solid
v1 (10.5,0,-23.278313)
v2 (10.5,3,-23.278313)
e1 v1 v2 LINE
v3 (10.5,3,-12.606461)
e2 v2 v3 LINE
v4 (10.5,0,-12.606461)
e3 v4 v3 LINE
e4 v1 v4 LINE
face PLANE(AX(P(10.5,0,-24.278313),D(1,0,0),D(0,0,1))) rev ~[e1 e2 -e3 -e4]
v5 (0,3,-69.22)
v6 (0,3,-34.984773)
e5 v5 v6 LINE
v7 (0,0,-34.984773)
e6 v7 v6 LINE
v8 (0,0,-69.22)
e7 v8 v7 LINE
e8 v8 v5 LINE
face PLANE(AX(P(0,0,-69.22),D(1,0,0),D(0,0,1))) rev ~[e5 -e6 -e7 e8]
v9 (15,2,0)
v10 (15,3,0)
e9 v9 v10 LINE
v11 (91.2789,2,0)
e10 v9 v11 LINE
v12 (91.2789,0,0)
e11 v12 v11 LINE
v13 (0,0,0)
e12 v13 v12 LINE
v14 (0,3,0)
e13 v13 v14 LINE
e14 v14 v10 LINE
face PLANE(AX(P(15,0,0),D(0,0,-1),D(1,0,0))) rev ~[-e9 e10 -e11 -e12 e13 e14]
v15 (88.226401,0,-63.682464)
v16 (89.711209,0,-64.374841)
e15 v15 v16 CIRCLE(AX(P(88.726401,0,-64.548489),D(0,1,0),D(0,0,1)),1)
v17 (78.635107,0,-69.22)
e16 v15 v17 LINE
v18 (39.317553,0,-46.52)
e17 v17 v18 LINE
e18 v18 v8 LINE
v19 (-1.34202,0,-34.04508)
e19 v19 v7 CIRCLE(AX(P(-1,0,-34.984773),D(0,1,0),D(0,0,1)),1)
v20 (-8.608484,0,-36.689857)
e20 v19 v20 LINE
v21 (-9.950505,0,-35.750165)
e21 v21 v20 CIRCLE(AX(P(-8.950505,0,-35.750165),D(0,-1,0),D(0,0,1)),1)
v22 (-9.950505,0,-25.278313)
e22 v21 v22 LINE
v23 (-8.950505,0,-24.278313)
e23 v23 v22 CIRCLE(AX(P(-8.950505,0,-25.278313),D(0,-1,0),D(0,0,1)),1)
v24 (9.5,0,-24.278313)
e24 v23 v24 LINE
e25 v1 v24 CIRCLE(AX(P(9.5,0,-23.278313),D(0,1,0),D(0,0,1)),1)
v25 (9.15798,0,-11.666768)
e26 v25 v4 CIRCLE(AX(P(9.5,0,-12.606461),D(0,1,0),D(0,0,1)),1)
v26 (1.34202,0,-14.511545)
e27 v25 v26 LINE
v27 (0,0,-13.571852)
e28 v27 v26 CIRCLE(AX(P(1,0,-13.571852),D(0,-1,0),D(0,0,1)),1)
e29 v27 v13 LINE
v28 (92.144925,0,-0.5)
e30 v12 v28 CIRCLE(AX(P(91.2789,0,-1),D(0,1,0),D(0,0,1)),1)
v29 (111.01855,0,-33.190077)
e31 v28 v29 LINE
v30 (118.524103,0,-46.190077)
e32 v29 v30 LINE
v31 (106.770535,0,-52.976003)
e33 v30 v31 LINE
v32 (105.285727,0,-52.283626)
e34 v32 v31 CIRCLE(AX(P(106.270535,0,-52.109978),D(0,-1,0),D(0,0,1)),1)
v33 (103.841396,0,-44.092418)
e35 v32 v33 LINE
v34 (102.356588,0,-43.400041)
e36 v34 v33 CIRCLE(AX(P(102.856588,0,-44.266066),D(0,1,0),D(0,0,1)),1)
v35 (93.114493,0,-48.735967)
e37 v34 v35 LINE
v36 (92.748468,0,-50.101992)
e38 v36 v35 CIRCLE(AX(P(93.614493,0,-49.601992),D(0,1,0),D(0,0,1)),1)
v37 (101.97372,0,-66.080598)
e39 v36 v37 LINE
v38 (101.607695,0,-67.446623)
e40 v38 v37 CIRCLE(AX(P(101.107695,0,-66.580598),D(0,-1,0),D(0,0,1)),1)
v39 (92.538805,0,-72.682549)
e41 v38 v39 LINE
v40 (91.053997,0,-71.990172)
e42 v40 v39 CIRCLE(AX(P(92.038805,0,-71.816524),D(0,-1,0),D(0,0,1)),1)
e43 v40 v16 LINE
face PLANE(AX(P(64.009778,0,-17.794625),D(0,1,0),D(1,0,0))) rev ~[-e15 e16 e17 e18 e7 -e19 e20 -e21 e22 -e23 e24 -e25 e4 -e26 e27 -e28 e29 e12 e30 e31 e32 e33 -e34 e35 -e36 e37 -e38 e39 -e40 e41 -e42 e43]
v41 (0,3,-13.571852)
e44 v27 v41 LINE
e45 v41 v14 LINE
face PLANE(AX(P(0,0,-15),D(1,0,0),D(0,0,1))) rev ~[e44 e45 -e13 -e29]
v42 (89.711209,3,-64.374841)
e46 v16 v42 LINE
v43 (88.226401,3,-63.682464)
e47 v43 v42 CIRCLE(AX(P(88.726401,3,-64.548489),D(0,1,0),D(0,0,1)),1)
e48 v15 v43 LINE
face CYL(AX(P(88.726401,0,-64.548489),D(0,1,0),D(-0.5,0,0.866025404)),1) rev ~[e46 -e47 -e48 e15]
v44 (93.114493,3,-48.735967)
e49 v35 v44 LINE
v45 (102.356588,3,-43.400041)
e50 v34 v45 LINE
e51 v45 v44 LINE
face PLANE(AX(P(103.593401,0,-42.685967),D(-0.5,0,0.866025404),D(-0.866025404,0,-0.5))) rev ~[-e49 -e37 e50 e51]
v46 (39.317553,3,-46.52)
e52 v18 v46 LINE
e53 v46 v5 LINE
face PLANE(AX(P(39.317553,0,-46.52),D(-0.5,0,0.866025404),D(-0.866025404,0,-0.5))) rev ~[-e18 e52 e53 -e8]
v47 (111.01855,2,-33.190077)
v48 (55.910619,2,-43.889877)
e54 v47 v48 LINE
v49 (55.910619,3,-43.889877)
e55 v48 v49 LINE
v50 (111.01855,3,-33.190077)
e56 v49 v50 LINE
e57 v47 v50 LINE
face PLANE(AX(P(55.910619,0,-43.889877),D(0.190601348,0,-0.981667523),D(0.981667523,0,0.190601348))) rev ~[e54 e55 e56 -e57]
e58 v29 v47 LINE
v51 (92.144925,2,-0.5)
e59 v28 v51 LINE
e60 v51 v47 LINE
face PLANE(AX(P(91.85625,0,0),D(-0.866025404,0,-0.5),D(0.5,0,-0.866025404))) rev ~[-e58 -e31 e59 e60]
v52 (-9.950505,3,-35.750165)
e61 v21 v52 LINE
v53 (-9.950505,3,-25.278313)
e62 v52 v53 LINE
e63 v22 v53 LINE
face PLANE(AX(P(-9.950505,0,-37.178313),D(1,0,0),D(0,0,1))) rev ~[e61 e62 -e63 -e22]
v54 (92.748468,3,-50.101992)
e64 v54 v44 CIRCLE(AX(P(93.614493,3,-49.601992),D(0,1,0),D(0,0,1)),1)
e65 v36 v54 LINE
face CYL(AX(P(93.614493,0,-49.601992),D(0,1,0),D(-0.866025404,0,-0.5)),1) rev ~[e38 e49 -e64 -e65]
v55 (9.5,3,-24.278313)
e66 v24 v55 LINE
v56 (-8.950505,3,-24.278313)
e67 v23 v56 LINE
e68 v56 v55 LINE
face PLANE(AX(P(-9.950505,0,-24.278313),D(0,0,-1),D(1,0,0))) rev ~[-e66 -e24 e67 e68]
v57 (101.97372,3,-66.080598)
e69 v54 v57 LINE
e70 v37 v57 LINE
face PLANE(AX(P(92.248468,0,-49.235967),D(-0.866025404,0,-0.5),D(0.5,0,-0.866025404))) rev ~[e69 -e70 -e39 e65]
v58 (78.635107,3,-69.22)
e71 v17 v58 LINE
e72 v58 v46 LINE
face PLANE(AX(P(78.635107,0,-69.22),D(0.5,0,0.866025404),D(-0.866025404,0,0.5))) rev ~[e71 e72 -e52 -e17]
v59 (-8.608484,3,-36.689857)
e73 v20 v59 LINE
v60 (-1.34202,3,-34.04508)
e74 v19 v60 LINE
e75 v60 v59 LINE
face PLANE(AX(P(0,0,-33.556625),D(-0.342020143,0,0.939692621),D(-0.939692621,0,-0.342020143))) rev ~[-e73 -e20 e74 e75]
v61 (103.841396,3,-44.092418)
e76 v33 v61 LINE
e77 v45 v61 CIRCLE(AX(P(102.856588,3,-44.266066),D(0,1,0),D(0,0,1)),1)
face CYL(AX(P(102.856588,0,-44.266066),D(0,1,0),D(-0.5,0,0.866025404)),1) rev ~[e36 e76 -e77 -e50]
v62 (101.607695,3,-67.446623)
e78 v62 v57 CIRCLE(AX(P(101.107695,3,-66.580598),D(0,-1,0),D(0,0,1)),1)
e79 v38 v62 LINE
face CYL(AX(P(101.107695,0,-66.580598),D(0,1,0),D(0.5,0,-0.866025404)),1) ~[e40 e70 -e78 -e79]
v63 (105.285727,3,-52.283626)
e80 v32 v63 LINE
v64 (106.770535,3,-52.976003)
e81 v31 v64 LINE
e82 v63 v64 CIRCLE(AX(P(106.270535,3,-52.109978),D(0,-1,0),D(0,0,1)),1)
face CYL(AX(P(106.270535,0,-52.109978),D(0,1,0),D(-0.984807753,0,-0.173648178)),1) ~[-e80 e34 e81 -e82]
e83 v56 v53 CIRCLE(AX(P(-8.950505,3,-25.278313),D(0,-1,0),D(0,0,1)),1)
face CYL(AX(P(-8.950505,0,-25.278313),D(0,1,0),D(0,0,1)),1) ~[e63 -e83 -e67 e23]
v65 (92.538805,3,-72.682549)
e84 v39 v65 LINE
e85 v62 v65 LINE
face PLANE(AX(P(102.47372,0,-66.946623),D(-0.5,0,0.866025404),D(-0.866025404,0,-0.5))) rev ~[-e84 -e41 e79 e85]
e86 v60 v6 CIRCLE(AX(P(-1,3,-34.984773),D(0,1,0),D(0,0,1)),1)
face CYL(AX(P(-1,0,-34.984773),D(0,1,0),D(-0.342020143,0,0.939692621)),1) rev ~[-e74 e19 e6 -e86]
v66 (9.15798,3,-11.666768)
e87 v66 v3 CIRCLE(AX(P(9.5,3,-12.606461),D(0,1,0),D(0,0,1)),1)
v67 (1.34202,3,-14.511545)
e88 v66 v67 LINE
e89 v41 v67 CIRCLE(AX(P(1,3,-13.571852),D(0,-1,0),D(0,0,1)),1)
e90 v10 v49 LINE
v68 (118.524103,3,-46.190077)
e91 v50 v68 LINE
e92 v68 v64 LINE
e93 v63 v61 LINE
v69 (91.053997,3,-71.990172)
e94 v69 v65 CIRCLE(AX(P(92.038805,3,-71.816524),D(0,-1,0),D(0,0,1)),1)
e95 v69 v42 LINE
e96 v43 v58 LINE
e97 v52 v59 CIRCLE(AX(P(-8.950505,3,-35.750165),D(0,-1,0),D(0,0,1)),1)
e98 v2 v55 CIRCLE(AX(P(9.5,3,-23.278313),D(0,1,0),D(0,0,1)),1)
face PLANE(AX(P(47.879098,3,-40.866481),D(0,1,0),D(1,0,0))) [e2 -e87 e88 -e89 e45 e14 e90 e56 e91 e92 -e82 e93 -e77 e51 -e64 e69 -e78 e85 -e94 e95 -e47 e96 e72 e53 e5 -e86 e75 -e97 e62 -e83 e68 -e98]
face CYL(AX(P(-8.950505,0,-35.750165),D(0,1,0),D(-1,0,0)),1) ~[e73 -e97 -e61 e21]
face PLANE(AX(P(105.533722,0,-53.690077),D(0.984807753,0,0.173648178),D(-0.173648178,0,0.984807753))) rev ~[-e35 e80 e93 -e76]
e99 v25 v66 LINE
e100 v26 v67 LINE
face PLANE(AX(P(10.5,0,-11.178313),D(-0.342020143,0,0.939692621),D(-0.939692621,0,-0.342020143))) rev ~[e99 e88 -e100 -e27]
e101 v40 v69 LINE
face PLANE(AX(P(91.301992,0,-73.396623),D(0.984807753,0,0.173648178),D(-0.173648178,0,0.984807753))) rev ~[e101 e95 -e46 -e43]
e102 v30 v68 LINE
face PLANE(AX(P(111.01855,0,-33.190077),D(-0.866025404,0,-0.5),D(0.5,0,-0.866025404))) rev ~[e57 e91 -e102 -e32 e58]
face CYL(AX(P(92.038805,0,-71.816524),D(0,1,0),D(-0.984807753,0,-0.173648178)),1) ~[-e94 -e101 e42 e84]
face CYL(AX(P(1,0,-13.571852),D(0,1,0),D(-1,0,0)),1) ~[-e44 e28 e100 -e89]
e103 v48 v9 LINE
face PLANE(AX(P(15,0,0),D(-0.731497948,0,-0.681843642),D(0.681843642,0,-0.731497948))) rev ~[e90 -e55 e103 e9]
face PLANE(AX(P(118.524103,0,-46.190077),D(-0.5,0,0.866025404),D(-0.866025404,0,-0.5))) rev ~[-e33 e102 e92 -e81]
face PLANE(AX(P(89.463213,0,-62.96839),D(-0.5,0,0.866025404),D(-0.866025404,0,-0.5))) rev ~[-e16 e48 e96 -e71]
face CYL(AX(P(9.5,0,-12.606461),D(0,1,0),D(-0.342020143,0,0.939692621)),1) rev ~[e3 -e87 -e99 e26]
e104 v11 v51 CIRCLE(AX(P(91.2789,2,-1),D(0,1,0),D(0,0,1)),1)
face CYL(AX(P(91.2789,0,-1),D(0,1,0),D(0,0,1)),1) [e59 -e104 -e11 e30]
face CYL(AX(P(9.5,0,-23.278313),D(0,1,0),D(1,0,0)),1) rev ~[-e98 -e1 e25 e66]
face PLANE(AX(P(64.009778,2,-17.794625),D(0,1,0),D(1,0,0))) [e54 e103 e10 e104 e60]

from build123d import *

# Parameters (mm, degrees)
P_IDAT_VYSUNUT_M1_DEPTH = 3
P_IDAT_VYSUNUT_M2_DEPTH = 2
ZAOBLIT1_R              = 1
ZAOBLIT2_R              = 1


with BuildPart() as part:
    # Skica1 → P_idat vysunut_m1 (new body)
    with BuildSketch(Plane(origin=(0, 0, 0), x_dir=(1, 0, 0), z_dir=(0, 1, 0))):
        Polygon((118.524103266, 46.190077074), (105.53372221, 53.690077074), (103.593400635, 42.685966604), (92.248467845, 49.235966604), (102.473720104, 66.946623035), (91.301992395, 73.396623035), (89.463213481, 62.968389614), (78.635106664, 69.22), (39.317553332, 46.52), (0, 69.22), (0, 33.55662508), (-9.950504516, 37.17831254), (-9.950504516, 24.27831254), (10.5, 24.27831254), (10.5, 11.17831254), (0, 15), (0, 0), (15, 0), (55.910618513, 43.889876884), (111.018549767, 33.190077074), align=None)
    extrude(amount=P_IDAT_VYSUNUT_M1_DEPTH)

    # Skica1_3 → P_idat vysunut_m2 (add)
    with BuildSketch(Plane(origin=(0, 0, 0), x_dir=(1, 0, 0), z_dir=(0, 1, 0))):
        Polygon((91.856249834, 0), (111.018549767, 33.190077074), (55.910618513, 43.889876884), (15, 0), align=None)
    extrude(amount=P_IDAT_VYSUNUT_M2_DEPTH)

    # Zaoblit1
    zaoblit1_edges = [part.edges().sort_by_distance(p)[0] for p in [
        (102.473720104, 1.5, -66.946623035),
        (92.248467845, 1.5, -49.235966604),
        (103.593400635, 1.5, -42.685966604),
        (105.53372221, 1.5, -53.690077074),
        (0, 1.5, -15),
        (10.5, 1.5, -11.17831254),
        (10.5, 1.5, -24.27831254),
        (-9.950504516, 1.5, -24.27831254),
        (-9.950504516, 1.5, -37.17831254),
        (0, 1.5, -33.55662508),
        (89.463213481, 1.5, -62.968389614),
        (91.301992395, 1.5, -73.396623035),
    ]]
    fillet(zaoblit1_edges, radius=ZAOBLIT1_R)

    # Zaoblit2
    zaoblit2_edges = [part.edges().sort_by_distance(p)[0] for p in [
        (91.856249834, 1, 0),
    ]]
    fillet(zaoblit2_edges, radius=ZAOBLIT2_R)


solid = part.part
